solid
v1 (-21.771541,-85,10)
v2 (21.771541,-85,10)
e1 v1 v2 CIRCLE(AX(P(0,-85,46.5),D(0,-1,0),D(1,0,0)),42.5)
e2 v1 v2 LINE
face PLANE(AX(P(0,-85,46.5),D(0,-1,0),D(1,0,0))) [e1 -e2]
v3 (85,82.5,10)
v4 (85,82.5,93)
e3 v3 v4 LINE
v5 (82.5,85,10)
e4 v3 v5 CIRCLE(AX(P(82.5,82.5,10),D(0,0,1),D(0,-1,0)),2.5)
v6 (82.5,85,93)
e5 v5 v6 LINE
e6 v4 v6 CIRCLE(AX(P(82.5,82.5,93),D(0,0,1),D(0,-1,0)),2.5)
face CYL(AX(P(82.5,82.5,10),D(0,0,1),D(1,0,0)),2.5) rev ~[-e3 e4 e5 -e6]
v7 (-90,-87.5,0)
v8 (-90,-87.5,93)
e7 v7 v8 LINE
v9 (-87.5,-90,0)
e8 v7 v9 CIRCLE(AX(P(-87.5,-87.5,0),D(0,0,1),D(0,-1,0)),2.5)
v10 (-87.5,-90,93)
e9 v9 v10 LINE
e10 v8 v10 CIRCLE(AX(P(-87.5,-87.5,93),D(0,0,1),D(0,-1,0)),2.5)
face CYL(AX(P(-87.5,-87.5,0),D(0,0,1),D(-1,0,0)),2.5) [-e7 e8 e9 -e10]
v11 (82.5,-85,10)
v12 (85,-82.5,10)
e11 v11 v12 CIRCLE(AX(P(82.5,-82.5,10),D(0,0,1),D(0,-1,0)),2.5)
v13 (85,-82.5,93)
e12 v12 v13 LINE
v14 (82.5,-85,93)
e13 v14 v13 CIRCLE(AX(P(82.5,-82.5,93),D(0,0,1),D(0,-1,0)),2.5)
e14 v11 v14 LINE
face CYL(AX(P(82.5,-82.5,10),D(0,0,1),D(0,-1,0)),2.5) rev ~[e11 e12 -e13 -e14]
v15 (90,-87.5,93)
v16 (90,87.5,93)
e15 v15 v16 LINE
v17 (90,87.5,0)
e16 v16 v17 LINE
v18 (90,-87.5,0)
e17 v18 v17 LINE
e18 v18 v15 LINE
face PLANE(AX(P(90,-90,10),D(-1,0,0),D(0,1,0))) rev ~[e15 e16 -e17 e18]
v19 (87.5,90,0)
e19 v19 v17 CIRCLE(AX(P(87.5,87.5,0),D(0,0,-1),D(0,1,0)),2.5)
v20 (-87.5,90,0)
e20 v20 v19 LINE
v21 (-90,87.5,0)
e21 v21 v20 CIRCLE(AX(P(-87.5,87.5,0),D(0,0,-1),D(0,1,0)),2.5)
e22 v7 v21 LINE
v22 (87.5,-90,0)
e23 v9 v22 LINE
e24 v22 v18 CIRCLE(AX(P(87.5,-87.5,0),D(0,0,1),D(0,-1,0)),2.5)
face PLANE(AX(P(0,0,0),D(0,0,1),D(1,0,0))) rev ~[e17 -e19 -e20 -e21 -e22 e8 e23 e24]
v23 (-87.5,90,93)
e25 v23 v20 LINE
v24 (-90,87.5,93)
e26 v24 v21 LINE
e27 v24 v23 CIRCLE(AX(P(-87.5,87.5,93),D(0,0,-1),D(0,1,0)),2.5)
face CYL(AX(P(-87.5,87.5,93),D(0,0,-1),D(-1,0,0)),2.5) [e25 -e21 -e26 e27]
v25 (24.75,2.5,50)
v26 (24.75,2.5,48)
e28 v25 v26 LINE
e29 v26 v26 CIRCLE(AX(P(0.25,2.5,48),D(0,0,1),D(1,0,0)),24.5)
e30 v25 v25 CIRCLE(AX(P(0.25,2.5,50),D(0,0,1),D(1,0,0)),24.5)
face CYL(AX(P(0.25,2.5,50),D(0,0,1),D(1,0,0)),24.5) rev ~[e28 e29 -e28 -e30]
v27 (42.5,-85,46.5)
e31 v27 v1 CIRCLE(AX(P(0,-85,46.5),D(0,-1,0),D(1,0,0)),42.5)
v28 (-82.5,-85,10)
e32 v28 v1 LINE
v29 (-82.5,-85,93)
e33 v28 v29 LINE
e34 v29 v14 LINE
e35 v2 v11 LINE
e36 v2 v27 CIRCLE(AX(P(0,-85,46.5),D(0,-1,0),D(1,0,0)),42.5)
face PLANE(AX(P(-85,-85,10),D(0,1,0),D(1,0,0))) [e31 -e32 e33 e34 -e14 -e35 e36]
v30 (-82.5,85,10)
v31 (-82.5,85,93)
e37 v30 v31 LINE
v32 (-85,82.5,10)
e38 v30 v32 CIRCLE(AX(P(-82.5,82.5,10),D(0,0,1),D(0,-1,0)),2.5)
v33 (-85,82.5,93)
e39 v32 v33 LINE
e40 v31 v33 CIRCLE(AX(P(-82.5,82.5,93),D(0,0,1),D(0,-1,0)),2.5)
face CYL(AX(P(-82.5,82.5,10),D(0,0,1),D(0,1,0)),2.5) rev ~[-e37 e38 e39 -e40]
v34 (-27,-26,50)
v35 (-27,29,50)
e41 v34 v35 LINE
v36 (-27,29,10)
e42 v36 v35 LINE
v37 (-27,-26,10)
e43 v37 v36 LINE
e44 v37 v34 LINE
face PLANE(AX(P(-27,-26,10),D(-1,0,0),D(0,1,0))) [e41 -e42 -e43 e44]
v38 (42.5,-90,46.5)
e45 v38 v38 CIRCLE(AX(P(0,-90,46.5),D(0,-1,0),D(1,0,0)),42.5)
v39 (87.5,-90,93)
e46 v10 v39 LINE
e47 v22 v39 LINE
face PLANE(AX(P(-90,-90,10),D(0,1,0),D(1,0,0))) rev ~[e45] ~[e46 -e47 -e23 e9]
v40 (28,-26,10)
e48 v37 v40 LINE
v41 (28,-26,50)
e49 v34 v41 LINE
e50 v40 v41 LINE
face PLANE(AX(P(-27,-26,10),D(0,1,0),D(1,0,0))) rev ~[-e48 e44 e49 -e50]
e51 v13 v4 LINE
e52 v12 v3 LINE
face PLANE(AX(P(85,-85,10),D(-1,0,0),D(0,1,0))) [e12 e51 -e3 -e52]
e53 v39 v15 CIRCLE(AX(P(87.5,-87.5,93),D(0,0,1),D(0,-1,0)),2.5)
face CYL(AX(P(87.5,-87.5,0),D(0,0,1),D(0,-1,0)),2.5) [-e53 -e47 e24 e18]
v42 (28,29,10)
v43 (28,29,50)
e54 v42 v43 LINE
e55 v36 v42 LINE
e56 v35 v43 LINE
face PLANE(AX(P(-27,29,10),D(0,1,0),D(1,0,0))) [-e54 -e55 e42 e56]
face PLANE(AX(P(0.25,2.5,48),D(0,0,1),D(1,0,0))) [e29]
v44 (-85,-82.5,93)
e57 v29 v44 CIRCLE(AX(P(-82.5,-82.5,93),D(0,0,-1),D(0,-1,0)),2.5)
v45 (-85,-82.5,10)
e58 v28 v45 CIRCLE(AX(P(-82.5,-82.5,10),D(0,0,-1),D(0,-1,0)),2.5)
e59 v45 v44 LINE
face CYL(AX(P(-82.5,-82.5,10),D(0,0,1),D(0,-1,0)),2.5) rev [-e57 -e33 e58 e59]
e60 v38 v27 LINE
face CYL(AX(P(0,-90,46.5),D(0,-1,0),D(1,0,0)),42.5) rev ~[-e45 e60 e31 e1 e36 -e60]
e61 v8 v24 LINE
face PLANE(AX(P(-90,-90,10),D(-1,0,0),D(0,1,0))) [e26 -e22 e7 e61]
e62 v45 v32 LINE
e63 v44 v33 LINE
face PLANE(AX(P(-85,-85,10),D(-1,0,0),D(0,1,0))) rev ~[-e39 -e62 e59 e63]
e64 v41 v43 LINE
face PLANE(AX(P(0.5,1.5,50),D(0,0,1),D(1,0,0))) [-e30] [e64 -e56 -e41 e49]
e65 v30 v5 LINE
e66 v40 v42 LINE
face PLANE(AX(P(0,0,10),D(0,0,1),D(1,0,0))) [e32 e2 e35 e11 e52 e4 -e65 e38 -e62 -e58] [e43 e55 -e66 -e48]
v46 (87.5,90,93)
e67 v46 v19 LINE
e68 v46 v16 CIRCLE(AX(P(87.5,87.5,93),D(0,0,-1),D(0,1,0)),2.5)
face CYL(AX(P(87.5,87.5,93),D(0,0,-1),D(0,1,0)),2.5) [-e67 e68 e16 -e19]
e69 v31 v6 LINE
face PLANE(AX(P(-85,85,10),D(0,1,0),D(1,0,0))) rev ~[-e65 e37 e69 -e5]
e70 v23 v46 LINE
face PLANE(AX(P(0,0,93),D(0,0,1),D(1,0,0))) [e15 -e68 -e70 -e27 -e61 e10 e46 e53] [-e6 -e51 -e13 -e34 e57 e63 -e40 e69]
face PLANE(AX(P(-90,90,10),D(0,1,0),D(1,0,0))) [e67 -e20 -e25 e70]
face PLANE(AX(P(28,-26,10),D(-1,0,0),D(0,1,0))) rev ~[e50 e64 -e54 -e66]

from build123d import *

# Parameters (mm, degrees)
F0_W     = 180
F0_H     = 180
F1_DEPTH = 10
F2_W     = 55
F2_H     = 55
F3_DEPTH = 40
F4_W     = 180
F4_H     = 180
F4_W_2   = 170
F4_H_2   = 170
F5_DEPTH = 83
F6_R     = 24.5
F7_DEPTH = 2
F8_R     = 42.5
F9_DEPTH = 5
F10_R    = 2.5
F11_R    = 2.5


with BuildPart() as f1:
    # F0 (on Top) → F1 (new body)
    with BuildSketch(Plane.XY):
        Rectangle(F0_W, F0_H)
    extrude(amount=F1_DEPTH)

    # F2 (on face) → F3 (join)
    with BuildSketch(Plane.XY.offset(10)):
        with Locations((0.5, 1.5)):
            Rectangle(F2_W, F2_H)
    extrude(amount=F3_DEPTH)

    # F4 (on face) → F5 (join)
    with BuildSketch(Plane.XY.offset(10)):
        Rectangle(F4_W, F4_H)
        Rectangle(F4_W_2, F4_H_2, mode=Mode.SUBTRACT)
    extrude(amount=F5_DEPTH)

    # F6 (on face) → F7 (cut)
    with BuildSketch(Plane.XY.offset(50)):
        with Locations((0.25, 2.5)):
            Circle(F6_R)
    extrude(amount=-F7_DEPTH, mode=Mode.SUBTRACT)

    # F8 (on face) → F9 (cut)
    with BuildSketch(Plane.XZ.offset(90)):
        with Locations((0, 46.5)):
            Circle(F8_R)
    extrude(amount=-F9_DEPTH, mode=Mode.SUBTRACT)

    # F10
    f10_edges = [f1.edges().sort_by_distance(p)[0] for p in [
        (90, 90, 46.5),
        (-90, 90, 46.5),
        (90, -90, 46.5),
        (-90, -90, 46.5),
    ]]
    fillet(f10_edges, radius=F10_R)

    # F11
    f11_edges = [f1.edges().sort_by_distance(p)[0] for p in [
        (-85, 85, 51.5),
        (85, 85, 51.5),
        (-85, -85, 51.5),
        (85, -85, 51.5),
    ]]
    fillet(f11_edges, radius=F11_R)


solid = f1.part
